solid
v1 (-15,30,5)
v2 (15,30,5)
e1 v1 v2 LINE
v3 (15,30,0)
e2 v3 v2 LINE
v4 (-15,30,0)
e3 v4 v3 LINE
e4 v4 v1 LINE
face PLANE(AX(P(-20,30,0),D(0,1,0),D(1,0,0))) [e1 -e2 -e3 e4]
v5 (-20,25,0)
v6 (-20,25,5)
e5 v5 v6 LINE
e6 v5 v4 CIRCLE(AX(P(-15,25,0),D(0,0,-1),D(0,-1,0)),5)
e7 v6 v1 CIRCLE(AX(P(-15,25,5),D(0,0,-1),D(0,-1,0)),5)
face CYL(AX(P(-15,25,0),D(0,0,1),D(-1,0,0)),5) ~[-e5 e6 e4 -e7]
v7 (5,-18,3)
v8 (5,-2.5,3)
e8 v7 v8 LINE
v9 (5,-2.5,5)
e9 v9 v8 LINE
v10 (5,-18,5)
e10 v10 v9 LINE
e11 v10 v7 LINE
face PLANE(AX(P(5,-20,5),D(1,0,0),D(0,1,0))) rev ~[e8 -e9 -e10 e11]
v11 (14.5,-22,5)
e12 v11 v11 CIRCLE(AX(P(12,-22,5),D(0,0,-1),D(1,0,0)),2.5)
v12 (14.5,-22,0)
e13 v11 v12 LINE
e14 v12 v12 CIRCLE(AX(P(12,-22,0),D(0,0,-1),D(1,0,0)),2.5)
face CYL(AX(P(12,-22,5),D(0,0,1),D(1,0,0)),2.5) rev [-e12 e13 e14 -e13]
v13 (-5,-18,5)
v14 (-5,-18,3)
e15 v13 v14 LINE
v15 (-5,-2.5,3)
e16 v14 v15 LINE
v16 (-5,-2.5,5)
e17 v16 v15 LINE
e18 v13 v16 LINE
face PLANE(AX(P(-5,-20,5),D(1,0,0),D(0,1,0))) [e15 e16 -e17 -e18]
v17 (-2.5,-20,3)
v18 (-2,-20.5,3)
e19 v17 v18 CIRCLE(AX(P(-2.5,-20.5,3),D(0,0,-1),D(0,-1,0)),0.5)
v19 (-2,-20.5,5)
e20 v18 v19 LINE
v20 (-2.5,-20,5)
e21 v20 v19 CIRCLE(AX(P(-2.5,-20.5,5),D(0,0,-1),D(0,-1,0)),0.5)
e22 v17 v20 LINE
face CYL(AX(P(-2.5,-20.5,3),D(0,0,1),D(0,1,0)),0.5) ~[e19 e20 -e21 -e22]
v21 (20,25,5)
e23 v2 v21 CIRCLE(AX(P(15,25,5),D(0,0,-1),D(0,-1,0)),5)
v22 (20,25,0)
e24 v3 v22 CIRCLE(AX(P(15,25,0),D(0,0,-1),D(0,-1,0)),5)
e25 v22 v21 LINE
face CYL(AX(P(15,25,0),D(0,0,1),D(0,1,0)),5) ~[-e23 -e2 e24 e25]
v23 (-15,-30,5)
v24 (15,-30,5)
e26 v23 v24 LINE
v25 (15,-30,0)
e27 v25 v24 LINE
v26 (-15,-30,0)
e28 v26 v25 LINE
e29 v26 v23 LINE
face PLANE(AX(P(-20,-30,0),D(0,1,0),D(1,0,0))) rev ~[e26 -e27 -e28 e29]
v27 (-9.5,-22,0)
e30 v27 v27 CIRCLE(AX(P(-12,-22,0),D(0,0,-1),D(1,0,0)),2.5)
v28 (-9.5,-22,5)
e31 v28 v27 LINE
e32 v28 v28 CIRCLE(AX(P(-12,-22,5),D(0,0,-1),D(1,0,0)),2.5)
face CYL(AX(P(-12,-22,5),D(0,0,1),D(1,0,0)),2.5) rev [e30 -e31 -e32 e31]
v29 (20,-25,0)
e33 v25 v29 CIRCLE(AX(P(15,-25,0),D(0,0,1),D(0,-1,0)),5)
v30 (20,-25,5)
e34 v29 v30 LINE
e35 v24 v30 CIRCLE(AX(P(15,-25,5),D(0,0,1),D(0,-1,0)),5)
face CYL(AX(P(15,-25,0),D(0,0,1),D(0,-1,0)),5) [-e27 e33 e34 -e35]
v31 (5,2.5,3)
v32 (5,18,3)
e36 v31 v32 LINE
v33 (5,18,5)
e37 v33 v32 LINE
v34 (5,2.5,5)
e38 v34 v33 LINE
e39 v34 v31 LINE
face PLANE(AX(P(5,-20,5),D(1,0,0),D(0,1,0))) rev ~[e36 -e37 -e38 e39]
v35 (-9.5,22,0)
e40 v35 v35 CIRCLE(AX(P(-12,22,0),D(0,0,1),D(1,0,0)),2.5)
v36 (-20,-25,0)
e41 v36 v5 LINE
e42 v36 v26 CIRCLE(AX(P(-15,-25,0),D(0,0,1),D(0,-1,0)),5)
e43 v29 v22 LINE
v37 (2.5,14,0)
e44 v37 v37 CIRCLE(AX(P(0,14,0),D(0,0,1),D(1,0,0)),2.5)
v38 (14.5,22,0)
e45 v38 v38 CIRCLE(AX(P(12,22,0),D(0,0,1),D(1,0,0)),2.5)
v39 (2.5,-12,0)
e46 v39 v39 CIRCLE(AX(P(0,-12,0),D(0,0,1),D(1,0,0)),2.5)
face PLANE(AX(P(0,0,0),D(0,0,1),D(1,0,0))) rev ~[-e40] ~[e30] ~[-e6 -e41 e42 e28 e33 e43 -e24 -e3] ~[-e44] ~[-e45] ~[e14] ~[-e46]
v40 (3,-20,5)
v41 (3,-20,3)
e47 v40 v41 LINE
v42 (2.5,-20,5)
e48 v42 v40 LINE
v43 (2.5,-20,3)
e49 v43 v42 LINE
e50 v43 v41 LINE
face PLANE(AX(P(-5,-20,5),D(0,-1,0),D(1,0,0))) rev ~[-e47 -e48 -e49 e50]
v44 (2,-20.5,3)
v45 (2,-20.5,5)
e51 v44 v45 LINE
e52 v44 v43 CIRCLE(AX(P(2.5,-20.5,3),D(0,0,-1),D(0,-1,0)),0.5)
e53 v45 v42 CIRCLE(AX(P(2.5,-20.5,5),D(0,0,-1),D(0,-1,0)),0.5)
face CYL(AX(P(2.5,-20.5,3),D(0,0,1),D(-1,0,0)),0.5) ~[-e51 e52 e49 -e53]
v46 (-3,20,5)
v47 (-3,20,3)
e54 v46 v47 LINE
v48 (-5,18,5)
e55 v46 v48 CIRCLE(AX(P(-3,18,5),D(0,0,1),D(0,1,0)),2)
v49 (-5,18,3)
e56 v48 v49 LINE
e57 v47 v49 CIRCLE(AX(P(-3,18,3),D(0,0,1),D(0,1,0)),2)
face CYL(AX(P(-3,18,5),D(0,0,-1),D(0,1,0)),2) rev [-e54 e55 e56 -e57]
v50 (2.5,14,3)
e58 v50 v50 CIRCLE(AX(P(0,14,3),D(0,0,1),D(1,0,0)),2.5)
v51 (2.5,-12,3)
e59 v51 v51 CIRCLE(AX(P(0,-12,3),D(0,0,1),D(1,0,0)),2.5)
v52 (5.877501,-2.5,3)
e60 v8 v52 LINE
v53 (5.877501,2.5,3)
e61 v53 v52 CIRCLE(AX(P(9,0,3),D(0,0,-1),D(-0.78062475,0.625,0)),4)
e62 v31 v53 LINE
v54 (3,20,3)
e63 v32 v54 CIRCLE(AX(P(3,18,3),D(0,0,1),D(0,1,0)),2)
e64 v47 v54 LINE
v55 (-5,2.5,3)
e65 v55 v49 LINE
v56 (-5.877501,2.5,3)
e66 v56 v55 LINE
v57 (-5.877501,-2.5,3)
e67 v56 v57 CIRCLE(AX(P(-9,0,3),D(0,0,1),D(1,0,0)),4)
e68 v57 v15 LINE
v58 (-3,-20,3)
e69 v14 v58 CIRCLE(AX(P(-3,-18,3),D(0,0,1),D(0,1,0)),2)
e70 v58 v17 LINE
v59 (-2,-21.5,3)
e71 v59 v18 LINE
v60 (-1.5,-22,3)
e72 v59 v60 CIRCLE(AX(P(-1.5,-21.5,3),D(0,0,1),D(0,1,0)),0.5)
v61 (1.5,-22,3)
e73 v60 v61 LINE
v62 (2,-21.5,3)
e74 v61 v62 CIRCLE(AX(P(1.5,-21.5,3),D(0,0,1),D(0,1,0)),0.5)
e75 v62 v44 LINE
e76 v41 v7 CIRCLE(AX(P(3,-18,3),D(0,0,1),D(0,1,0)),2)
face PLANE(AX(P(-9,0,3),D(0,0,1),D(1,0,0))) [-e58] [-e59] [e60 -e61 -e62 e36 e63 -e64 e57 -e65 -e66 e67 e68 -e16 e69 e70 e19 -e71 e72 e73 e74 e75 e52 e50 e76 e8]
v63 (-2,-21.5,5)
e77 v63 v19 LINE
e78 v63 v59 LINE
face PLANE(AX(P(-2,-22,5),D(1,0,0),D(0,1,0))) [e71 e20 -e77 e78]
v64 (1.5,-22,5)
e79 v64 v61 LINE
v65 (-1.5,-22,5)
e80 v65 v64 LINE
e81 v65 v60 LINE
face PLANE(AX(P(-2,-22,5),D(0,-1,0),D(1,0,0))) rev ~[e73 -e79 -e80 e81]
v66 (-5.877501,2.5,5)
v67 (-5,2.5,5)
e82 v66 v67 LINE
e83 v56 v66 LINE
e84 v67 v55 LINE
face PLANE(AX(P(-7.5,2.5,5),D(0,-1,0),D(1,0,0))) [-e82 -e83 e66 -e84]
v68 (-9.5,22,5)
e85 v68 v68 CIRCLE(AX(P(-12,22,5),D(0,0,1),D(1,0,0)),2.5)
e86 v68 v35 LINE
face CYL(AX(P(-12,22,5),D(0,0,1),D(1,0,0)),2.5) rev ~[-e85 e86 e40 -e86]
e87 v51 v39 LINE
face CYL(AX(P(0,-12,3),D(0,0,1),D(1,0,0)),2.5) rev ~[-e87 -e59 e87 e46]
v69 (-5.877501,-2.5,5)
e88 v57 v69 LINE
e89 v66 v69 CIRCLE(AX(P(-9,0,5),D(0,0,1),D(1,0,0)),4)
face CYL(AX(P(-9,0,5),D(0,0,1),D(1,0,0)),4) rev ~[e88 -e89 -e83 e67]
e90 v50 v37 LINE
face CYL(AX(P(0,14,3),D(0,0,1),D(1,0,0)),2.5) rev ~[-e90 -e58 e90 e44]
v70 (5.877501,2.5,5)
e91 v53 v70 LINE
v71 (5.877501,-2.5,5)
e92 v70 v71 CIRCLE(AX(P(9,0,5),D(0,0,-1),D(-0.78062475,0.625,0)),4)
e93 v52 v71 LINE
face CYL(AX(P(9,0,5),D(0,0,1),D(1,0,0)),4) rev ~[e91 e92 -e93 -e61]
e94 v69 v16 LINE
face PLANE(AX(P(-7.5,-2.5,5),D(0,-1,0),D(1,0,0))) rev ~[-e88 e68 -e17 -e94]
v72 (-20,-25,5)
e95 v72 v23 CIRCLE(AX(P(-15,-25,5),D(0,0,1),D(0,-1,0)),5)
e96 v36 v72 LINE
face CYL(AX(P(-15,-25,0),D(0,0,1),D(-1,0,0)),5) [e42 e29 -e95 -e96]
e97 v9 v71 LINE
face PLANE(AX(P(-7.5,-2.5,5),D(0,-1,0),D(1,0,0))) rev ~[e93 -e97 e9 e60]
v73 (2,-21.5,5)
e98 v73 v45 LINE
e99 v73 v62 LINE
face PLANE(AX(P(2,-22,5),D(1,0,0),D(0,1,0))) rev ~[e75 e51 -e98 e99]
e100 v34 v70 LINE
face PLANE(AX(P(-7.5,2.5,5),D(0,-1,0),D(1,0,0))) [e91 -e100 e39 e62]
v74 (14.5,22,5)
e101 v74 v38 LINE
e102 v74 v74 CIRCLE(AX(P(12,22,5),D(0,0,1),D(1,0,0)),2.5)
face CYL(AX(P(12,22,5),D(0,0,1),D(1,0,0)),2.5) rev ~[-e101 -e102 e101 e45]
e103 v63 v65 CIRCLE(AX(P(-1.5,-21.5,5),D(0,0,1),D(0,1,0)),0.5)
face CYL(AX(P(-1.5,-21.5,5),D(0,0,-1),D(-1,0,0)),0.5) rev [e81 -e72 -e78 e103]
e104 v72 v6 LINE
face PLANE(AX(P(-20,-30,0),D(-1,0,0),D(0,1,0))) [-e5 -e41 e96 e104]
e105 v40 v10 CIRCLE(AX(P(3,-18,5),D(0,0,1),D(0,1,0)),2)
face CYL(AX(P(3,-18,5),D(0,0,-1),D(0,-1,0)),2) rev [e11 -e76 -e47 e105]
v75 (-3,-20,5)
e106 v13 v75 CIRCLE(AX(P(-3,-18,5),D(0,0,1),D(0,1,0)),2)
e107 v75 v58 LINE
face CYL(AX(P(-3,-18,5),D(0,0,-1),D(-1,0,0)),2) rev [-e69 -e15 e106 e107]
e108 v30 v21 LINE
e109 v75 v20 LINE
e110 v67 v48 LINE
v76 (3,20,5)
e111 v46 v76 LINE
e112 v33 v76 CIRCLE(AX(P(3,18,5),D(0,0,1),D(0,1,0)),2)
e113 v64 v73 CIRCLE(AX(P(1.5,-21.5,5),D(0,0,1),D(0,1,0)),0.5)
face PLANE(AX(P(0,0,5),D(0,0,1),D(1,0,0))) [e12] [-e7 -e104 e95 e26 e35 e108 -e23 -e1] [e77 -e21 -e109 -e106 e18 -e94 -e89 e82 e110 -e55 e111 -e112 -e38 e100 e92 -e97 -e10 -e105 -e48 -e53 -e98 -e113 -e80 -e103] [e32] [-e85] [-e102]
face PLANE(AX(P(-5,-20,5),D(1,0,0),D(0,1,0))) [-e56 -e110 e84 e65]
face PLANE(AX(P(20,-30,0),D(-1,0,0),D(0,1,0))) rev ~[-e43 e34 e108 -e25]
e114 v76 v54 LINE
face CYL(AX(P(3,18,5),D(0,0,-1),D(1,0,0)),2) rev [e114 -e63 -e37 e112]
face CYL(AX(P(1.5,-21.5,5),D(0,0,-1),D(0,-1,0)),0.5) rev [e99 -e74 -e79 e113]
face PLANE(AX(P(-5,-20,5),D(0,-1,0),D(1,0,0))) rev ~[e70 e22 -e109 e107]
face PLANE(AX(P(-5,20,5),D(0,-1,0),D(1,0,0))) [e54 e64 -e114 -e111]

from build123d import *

# Parameters (mm, degrees)
SKETCH_W        = 40
SKETCH_H        = 60
PAD_DEPTH       = 5
SKETCH001_W     = 10
SKETCH001_H     = 40
POCKET_DEPTH    = 2
SKETCH002_R     = 4
POCKET001_DEPTH = 2
SKETCH003_W     = 15
SKETCH003_H     = 5
POCKET002_DEPTH = 2
SKETCH004_R     = 2.5
POCKET003_DEPTH = 5
SKETCH005_W     = 4
SKETCH005_H     = 4
POCKET004_DEPTH = 2
SKETCH006_R     = 2.5
POCKET005_DEPTH = 3
FILLET_R        = 2
FILLET001_R     = 0.5
SKETCH012_R     = 2.5
POCKET008_DEPTH = 5
FILLET005_R     = 5


with BuildPart() as part:
    # Sketch → Pad (new body)
    with BuildSketch(Plane.XY):
        Rectangle(SKETCH_W, SKETCH_H)
    extrude(amount=PAD_DEPTH)

    # Sketch001 (on Face6 of Pad) → Pocket (cut)
    with BuildSketch(Plane.XY.offset(5)):
        Rectangle(SKETCH001_W, SKETCH001_H)
    extrude(amount=-POCKET_DEPTH, mode=Mode.SUBTRACT)

    # Sketch002 (on Face5 of Pocket) → Pocket001 (cut)
    with BuildSketch(Plane.XY.offset(5)):
        with Locations((9, 0)):
            Circle(SKETCH002_R)
        with Locations((-9, 0)):
            Circle(SKETCH002_R)
    extrude(amount=-POCKET001_DEPTH, mode=Mode.SUBTRACT)

    # Sketch003 (on Face5 of Pocket001) → Pocket002 (cut)
    with BuildSketch(Plane.XY.offset(5)):
        Rectangle(SKETCH003_W, SKETCH003_H)
    extrude(amount=-POCKET002_DEPTH, mode=Mode.SUBTRACT)

    # Sketch004 (on Face22 of Pocket002) → Pocket003 (cut)
    with BuildSketch(Plane.XY.offset(3)):
        with Locations((0, -12)):
            Circle(SKETCH004_R)
    extrude(amount=-POCKET003_DEPTH, mode=Mode.SUBTRACT)

    # Sketch005 (on Face5 of Pocket003) → Pocket004 (cut)
    with BuildSketch(Plane.XY.offset(5)):
        with Locations((0, -20)):
            Rectangle(SKETCH005_W, SKETCH005_H)
    extrude(amount=-POCKET004_DEPTH, mode=Mode.SUBTRACT)

    # Sketch006 (on Face31 of Pocket004) → Pocket005 (cut)
    with BuildSketch(Plane.XY.offset(3)):
        with Locations((0, 14)):
            Circle(SKETCH006_R)
    extrude(amount=-POCKET005_DEPTH, mode=Mode.SUBTRACT)

    # Fillet
    fillet_edges = [part.edges().sort_by_distance(p)[0] for p in [
        (-5, 20, 4),
        (5, 20, 4),
        (-5, -20, 4),
        (5, -20, 4),
    ]]
    fillet(fillet_edges, radius=FILLET_R)

    # Fillet001
    fillet001_edges = [part.edges().sort_by_distance(p)[0] for p in [
        (-2, -22, 4),
        (2, -22, 4),
        (2, -20, 4),
        (-2, -20, 4),
    ]]
    fillet(fillet001_edges, radius=FILLET001_R)

    # Sketch012 (on Face1 of Fillet001) → Pocket008 (cut)
    with BuildSketch(Plane.XY.offset(5)):
        with Locations((-12, 22)):
            Circle(SKETCH012_R)
        with Locations((12, 22)):
            Circle(SKETCH012_R)
    pocket008 = extrude(amount=-POCKET008_DEPTH, mode=Mode.SUBTRACT)

    # Mirrored: Pocket008 across XZ
    add(pocket008.mirror(Plane.XZ), mode=Mode.SUBTRACT)

    # Fillet005
    fillet005_edges = [part.edges().sort_by_distance(p)[0] for p in [
        (-20, -30, 2.5),
        (20, -30, 2.5),
        (-20, 30, 2.5),
        (20, 30, 2.5),
    ]]
    fillet(fillet005_edges, radius=FILLET005_R)


solid = part.part
